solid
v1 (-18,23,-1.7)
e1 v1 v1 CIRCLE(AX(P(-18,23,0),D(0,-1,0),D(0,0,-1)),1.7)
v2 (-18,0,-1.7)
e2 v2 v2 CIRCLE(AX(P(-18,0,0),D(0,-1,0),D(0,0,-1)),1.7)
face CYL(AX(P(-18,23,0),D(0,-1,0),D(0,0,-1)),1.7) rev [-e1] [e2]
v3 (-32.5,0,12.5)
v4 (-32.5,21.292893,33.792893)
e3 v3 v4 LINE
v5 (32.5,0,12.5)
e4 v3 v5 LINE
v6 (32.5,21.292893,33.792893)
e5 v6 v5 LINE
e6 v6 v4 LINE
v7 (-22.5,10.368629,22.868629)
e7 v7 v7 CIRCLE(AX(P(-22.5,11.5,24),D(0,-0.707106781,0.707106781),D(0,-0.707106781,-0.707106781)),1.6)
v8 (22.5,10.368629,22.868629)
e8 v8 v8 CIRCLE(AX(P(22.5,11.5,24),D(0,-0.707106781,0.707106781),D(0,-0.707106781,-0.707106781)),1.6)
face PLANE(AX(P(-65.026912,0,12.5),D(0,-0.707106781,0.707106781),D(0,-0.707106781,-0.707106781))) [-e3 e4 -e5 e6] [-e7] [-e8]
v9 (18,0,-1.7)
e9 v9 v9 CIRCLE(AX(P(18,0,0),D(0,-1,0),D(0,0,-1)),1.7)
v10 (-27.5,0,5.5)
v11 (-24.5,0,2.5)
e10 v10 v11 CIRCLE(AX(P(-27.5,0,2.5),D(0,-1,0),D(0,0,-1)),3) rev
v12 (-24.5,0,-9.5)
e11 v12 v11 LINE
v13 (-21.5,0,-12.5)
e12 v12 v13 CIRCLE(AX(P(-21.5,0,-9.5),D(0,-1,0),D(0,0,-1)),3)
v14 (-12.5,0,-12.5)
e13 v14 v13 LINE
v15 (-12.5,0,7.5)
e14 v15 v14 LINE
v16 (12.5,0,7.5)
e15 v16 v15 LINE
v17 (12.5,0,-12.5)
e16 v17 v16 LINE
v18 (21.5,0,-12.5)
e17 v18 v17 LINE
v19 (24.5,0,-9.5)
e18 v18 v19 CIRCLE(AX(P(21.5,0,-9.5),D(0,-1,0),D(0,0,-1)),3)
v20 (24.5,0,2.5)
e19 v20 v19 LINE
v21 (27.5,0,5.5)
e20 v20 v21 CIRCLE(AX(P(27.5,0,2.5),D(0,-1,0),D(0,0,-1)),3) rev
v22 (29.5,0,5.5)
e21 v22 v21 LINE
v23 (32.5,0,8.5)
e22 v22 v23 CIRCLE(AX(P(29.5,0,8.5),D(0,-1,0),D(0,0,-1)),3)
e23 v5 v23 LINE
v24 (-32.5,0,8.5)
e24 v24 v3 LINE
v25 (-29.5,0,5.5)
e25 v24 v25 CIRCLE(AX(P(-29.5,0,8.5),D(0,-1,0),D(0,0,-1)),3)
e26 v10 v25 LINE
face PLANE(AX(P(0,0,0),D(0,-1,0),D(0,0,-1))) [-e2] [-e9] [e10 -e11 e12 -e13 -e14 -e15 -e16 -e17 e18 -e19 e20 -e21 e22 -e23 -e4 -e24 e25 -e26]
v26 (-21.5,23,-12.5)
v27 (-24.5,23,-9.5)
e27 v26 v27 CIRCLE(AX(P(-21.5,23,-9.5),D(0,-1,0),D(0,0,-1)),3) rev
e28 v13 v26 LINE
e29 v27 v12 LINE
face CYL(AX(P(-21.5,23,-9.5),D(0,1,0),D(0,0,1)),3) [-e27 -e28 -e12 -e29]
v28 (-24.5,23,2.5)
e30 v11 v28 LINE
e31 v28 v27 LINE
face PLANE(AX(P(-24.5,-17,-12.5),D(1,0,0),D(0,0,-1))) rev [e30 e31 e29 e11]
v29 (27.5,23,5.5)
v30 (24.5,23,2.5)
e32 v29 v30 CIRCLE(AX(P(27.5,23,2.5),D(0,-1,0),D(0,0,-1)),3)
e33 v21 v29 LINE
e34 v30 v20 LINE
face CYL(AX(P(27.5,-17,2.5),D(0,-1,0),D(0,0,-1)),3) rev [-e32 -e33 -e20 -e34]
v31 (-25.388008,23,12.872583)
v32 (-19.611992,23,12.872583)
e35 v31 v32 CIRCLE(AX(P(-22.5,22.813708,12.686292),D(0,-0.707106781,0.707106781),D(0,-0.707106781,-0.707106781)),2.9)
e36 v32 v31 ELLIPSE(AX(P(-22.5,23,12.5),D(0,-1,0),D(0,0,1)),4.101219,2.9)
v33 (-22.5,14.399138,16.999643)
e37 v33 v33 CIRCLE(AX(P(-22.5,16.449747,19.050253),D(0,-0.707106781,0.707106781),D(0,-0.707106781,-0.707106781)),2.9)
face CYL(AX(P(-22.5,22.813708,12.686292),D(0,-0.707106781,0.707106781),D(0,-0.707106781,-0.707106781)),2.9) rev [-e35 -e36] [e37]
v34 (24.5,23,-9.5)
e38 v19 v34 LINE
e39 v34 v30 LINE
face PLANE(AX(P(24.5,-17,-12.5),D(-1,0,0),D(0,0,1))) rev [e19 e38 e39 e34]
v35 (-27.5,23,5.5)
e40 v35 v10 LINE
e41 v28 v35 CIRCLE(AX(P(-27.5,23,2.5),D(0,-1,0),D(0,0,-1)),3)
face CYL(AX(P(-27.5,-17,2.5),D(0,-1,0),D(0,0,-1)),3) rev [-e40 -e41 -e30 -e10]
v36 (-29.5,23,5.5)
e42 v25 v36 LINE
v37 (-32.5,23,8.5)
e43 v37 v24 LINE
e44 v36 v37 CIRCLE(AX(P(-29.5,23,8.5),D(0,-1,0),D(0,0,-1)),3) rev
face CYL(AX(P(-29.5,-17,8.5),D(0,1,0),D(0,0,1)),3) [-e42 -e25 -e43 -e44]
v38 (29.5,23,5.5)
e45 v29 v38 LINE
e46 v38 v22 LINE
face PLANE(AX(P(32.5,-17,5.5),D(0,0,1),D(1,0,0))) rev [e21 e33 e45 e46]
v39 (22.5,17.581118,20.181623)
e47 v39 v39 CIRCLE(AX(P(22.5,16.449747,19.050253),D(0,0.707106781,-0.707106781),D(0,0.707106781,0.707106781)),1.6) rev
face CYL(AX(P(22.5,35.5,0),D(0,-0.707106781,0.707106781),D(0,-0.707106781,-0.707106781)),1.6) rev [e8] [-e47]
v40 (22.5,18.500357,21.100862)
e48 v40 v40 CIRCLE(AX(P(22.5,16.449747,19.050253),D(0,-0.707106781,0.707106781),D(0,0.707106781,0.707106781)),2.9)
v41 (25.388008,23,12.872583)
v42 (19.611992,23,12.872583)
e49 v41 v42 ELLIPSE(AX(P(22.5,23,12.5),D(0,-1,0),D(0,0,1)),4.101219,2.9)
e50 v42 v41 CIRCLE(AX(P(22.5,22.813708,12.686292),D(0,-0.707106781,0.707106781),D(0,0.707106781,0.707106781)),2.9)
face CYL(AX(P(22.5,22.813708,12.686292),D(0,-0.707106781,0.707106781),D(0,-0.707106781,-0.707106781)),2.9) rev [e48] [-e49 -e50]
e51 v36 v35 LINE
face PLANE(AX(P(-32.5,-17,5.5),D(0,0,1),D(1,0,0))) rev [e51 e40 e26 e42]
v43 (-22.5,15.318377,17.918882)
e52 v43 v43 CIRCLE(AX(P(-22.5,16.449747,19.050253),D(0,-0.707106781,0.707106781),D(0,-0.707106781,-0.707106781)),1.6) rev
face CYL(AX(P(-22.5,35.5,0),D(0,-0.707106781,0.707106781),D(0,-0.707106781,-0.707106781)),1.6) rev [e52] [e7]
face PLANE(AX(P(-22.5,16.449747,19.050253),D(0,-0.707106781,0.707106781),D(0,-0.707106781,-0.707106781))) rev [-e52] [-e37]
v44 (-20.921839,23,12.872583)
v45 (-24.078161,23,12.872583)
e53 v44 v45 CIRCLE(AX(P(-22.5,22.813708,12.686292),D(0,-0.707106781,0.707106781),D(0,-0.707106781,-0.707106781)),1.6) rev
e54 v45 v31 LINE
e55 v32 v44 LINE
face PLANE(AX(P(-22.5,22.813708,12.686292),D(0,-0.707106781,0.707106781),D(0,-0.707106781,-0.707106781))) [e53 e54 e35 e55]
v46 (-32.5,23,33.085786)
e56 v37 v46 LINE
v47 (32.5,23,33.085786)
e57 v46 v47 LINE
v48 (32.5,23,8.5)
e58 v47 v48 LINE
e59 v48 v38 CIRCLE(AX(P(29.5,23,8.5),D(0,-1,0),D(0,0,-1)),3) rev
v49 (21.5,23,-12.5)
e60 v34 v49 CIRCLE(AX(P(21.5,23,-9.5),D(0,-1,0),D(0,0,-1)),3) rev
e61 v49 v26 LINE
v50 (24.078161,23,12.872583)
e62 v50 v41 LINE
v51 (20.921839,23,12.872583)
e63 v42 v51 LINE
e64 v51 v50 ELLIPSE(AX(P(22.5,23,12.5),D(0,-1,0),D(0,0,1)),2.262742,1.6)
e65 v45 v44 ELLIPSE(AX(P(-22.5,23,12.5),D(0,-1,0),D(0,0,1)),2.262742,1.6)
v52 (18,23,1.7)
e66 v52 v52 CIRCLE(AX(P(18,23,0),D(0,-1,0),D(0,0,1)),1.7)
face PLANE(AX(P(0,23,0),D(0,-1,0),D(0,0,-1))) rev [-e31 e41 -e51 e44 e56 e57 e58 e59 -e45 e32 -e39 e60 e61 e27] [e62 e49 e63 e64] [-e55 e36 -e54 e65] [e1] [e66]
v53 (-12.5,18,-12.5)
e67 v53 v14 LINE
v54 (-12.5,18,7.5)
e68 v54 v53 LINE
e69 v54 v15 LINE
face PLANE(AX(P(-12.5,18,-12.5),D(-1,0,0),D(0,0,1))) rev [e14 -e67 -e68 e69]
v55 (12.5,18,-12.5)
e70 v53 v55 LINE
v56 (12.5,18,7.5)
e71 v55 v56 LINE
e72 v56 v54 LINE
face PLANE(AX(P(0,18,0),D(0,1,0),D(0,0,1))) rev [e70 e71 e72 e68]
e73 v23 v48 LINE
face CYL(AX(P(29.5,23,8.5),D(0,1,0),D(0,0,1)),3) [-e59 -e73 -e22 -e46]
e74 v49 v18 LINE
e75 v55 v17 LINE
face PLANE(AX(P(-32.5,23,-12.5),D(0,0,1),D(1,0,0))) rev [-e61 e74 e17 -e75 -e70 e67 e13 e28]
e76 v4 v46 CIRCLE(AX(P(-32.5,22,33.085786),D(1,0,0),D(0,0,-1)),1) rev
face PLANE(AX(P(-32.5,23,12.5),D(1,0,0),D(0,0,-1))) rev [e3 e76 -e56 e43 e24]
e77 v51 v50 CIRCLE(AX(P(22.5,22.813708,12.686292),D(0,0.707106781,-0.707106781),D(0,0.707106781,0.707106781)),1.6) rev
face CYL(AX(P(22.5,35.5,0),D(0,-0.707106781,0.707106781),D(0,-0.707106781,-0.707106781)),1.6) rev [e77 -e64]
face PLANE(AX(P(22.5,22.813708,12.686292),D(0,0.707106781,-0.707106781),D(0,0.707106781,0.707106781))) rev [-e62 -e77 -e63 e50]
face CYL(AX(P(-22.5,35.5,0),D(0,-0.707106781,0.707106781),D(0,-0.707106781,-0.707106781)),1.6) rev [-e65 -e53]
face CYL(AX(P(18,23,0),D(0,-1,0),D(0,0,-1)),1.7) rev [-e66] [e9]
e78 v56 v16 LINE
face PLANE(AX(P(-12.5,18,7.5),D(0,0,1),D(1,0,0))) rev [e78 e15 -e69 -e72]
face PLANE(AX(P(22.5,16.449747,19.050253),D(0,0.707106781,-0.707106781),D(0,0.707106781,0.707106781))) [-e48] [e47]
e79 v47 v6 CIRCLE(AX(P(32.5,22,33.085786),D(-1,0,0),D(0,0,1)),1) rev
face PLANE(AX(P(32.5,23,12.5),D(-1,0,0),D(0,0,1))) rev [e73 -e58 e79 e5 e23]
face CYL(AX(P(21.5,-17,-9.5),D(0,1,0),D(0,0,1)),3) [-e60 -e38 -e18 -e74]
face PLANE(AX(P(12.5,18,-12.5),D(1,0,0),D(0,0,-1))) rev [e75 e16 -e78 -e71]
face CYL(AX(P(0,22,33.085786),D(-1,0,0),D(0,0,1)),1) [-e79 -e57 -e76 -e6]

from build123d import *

# Parameters (mm, degrees)
SKETCH_1_W               = 65
SKETCH_1_H               = 25
EXTRUDE_1_DEPTH          = 23
EXTRUDE_2_DEPTH          = 65
SKETCH_3_W               = 25
SKETCH_3_H               = 20
CUT_EXTRUDE_1_DEPTH      = 18
CUT_EXTRUDE_2_DEPTH      = 53.605845683
CUT_EXTRUDE_2_DEPTH_BACK = 53.605845683
SKETCH_4_R               = 1.6
CUT_EXTRUDE_START        = -7
SKETCH_5_R               = 2.9
CUT_EXTRUDE_3_DEPTH      = 9
CUT_EXTRUDE_4_DEPTH      = 54.343228249
CUT_EXTRUDE_4_DEPTH_BACK = 54.343228249
SKETCH_6_R               = 1.7
FILLET_1_R               = 1
SKETCH_7_W               = 8
SKETCH_7_H               = 18
CUT_EXTRUDE_5_DEPTH      = 40
FILLET_2_R               = 3


with BuildPart() as part:
    # 草图1 → 凸台-拉伸1 (new body)
    with BuildSketch(Plane(origin=(0, 0, 0), x_dir=(1, 0, 0), z_dir=(0, 1, 0))):
        Rectangle(SKETCH_1_W, SKETCH_1_H)
    extrude(amount=EXTRUDE_1_DEPTH)

    # 草图2 → 凸台-拉伸2 (add)
    with BuildSketch(Plane(origin=(32.5, 0, 0), x_dir=(0, 0, -1), z_dir=(1, 0, 0))):
        Polygon((-12.5, 0), (-35.5, 23), (-12.5, 23), align=None)
    extrude(amount=-EXTRUDE_2_DEPTH)

    # 草图3 → 切除-拉伸1 (cut)
    with BuildSketch(Plane.XZ):
        with Locations((0, -2.5)):
            Rectangle(SKETCH_3_W, SKETCH_3_H)
    extrude(amount=-CUT_EXTRUDE_1_DEPTH, mode=Mode.SUBTRACT)

    # 草图4 → 切除-拉伸2 (cut, two sides: drawn at the far end of the back side and taken through both)
    with BuildSketch(Plane(origin=(0, -6.25, 6.25), x_dir=(1, 0, 0), z_dir=(0, -0.7071067811865489, 0.7071067811865462)).offset(-CUT_EXTRUDE_2_DEPTH_BACK)):
        with Locations(Location((-22.5, 25.102290732, 0), (0, 0, 270))):
            Circle(SKETCH_4_R)
        with Locations(Location((22.5, 25.102290732, 0), (0, 0, 270))):
            Circle(SKETCH_4_R)
    extrude(amount=CUT_EXTRUDE_2_DEPTH + CUT_EXTRUDE_2_DEPTH_BACK, mode=Mode.SUBTRACT)

    # 草图5 → 切除-拉伸3 (cut)
    with BuildSketch(Plane(origin=(0, -6.25, 6.25), x_dir=(1, 0, 0), z_dir=(0, -0.7071067811865489, 0.7071067811865462)).offset(CUT_EXTRUDE_START)):
        with Locations(Location((-22.5, 25.102290732, 0), (0, 0, 270))):
            Circle(SKETCH_5_R)
        with Locations(Location((22.5, 25.102290732, 0), (0, 0, 174.787670359))):
            Circle(SKETCH_5_R)
    extrude(amount=-CUT_EXTRUDE_3_DEPTH, mode=Mode.SUBTRACT)

    # 草图6 → 切除-拉伸4 (cut, two sides: drawn at the far end of the back side and taken through both)
    with BuildSketch(Plane.XZ.offset(-CUT_EXTRUDE_4_DEPTH_BACK)):
        with Locations(Location((-18, 0, 0), (0, 0, 270))):
            Circle(SKETCH_6_R)
        with Locations(Location((18, 0, 0), (0, 0, 270))):
            Circle(SKETCH_6_R)
    extrude(amount=CUT_EXTRUDE_4_DEPTH + CUT_EXTRUDE_4_DEPTH_BACK, mode=Mode.SUBTRACT)

    # 圆角1
    fillet_1_edges = [part.edges().sort_by_distance(p)[0] for p in [
        (0, 23, 35.5),
    ]]
    fillet(fillet_1_edges, radius=FILLET_1_R)

    # 草图7 → 切除-拉伸5 (cut)
    with BuildSketch(Plane(origin=(0, 23, 0), x_dir=(1, 0, 0), z_dir=(0, 1, 0))):
        with Locations((-28.5, 3.5)):
            Rectangle(SKETCH_7_W, SKETCH_7_H)
        with Locations((28.5, 3.5)):
            Rectangle(SKETCH_7_W, SKETCH_7_H)
    extrude(amount=-CUT_EXTRUDE_5_DEPTH, mode=Mode.SUBTRACT)

    # 圆角2
    fillet_2_edges = [part.edges().sort_by_distance(p)[0] for p in [
        (-32.5, 11.5, 5.5),
        (-24.5, 11.5, -12.5),
        (-24.5, 11.5, 5.5),
        (24.5, 11.5, -12.5),
        (32.5, 11.5, 5.5),
        (24.5, 11.5, 5.5),
    ]]
    fillet(fillet_2_edges, radius=FILLET_2_R)


solid = part.part
